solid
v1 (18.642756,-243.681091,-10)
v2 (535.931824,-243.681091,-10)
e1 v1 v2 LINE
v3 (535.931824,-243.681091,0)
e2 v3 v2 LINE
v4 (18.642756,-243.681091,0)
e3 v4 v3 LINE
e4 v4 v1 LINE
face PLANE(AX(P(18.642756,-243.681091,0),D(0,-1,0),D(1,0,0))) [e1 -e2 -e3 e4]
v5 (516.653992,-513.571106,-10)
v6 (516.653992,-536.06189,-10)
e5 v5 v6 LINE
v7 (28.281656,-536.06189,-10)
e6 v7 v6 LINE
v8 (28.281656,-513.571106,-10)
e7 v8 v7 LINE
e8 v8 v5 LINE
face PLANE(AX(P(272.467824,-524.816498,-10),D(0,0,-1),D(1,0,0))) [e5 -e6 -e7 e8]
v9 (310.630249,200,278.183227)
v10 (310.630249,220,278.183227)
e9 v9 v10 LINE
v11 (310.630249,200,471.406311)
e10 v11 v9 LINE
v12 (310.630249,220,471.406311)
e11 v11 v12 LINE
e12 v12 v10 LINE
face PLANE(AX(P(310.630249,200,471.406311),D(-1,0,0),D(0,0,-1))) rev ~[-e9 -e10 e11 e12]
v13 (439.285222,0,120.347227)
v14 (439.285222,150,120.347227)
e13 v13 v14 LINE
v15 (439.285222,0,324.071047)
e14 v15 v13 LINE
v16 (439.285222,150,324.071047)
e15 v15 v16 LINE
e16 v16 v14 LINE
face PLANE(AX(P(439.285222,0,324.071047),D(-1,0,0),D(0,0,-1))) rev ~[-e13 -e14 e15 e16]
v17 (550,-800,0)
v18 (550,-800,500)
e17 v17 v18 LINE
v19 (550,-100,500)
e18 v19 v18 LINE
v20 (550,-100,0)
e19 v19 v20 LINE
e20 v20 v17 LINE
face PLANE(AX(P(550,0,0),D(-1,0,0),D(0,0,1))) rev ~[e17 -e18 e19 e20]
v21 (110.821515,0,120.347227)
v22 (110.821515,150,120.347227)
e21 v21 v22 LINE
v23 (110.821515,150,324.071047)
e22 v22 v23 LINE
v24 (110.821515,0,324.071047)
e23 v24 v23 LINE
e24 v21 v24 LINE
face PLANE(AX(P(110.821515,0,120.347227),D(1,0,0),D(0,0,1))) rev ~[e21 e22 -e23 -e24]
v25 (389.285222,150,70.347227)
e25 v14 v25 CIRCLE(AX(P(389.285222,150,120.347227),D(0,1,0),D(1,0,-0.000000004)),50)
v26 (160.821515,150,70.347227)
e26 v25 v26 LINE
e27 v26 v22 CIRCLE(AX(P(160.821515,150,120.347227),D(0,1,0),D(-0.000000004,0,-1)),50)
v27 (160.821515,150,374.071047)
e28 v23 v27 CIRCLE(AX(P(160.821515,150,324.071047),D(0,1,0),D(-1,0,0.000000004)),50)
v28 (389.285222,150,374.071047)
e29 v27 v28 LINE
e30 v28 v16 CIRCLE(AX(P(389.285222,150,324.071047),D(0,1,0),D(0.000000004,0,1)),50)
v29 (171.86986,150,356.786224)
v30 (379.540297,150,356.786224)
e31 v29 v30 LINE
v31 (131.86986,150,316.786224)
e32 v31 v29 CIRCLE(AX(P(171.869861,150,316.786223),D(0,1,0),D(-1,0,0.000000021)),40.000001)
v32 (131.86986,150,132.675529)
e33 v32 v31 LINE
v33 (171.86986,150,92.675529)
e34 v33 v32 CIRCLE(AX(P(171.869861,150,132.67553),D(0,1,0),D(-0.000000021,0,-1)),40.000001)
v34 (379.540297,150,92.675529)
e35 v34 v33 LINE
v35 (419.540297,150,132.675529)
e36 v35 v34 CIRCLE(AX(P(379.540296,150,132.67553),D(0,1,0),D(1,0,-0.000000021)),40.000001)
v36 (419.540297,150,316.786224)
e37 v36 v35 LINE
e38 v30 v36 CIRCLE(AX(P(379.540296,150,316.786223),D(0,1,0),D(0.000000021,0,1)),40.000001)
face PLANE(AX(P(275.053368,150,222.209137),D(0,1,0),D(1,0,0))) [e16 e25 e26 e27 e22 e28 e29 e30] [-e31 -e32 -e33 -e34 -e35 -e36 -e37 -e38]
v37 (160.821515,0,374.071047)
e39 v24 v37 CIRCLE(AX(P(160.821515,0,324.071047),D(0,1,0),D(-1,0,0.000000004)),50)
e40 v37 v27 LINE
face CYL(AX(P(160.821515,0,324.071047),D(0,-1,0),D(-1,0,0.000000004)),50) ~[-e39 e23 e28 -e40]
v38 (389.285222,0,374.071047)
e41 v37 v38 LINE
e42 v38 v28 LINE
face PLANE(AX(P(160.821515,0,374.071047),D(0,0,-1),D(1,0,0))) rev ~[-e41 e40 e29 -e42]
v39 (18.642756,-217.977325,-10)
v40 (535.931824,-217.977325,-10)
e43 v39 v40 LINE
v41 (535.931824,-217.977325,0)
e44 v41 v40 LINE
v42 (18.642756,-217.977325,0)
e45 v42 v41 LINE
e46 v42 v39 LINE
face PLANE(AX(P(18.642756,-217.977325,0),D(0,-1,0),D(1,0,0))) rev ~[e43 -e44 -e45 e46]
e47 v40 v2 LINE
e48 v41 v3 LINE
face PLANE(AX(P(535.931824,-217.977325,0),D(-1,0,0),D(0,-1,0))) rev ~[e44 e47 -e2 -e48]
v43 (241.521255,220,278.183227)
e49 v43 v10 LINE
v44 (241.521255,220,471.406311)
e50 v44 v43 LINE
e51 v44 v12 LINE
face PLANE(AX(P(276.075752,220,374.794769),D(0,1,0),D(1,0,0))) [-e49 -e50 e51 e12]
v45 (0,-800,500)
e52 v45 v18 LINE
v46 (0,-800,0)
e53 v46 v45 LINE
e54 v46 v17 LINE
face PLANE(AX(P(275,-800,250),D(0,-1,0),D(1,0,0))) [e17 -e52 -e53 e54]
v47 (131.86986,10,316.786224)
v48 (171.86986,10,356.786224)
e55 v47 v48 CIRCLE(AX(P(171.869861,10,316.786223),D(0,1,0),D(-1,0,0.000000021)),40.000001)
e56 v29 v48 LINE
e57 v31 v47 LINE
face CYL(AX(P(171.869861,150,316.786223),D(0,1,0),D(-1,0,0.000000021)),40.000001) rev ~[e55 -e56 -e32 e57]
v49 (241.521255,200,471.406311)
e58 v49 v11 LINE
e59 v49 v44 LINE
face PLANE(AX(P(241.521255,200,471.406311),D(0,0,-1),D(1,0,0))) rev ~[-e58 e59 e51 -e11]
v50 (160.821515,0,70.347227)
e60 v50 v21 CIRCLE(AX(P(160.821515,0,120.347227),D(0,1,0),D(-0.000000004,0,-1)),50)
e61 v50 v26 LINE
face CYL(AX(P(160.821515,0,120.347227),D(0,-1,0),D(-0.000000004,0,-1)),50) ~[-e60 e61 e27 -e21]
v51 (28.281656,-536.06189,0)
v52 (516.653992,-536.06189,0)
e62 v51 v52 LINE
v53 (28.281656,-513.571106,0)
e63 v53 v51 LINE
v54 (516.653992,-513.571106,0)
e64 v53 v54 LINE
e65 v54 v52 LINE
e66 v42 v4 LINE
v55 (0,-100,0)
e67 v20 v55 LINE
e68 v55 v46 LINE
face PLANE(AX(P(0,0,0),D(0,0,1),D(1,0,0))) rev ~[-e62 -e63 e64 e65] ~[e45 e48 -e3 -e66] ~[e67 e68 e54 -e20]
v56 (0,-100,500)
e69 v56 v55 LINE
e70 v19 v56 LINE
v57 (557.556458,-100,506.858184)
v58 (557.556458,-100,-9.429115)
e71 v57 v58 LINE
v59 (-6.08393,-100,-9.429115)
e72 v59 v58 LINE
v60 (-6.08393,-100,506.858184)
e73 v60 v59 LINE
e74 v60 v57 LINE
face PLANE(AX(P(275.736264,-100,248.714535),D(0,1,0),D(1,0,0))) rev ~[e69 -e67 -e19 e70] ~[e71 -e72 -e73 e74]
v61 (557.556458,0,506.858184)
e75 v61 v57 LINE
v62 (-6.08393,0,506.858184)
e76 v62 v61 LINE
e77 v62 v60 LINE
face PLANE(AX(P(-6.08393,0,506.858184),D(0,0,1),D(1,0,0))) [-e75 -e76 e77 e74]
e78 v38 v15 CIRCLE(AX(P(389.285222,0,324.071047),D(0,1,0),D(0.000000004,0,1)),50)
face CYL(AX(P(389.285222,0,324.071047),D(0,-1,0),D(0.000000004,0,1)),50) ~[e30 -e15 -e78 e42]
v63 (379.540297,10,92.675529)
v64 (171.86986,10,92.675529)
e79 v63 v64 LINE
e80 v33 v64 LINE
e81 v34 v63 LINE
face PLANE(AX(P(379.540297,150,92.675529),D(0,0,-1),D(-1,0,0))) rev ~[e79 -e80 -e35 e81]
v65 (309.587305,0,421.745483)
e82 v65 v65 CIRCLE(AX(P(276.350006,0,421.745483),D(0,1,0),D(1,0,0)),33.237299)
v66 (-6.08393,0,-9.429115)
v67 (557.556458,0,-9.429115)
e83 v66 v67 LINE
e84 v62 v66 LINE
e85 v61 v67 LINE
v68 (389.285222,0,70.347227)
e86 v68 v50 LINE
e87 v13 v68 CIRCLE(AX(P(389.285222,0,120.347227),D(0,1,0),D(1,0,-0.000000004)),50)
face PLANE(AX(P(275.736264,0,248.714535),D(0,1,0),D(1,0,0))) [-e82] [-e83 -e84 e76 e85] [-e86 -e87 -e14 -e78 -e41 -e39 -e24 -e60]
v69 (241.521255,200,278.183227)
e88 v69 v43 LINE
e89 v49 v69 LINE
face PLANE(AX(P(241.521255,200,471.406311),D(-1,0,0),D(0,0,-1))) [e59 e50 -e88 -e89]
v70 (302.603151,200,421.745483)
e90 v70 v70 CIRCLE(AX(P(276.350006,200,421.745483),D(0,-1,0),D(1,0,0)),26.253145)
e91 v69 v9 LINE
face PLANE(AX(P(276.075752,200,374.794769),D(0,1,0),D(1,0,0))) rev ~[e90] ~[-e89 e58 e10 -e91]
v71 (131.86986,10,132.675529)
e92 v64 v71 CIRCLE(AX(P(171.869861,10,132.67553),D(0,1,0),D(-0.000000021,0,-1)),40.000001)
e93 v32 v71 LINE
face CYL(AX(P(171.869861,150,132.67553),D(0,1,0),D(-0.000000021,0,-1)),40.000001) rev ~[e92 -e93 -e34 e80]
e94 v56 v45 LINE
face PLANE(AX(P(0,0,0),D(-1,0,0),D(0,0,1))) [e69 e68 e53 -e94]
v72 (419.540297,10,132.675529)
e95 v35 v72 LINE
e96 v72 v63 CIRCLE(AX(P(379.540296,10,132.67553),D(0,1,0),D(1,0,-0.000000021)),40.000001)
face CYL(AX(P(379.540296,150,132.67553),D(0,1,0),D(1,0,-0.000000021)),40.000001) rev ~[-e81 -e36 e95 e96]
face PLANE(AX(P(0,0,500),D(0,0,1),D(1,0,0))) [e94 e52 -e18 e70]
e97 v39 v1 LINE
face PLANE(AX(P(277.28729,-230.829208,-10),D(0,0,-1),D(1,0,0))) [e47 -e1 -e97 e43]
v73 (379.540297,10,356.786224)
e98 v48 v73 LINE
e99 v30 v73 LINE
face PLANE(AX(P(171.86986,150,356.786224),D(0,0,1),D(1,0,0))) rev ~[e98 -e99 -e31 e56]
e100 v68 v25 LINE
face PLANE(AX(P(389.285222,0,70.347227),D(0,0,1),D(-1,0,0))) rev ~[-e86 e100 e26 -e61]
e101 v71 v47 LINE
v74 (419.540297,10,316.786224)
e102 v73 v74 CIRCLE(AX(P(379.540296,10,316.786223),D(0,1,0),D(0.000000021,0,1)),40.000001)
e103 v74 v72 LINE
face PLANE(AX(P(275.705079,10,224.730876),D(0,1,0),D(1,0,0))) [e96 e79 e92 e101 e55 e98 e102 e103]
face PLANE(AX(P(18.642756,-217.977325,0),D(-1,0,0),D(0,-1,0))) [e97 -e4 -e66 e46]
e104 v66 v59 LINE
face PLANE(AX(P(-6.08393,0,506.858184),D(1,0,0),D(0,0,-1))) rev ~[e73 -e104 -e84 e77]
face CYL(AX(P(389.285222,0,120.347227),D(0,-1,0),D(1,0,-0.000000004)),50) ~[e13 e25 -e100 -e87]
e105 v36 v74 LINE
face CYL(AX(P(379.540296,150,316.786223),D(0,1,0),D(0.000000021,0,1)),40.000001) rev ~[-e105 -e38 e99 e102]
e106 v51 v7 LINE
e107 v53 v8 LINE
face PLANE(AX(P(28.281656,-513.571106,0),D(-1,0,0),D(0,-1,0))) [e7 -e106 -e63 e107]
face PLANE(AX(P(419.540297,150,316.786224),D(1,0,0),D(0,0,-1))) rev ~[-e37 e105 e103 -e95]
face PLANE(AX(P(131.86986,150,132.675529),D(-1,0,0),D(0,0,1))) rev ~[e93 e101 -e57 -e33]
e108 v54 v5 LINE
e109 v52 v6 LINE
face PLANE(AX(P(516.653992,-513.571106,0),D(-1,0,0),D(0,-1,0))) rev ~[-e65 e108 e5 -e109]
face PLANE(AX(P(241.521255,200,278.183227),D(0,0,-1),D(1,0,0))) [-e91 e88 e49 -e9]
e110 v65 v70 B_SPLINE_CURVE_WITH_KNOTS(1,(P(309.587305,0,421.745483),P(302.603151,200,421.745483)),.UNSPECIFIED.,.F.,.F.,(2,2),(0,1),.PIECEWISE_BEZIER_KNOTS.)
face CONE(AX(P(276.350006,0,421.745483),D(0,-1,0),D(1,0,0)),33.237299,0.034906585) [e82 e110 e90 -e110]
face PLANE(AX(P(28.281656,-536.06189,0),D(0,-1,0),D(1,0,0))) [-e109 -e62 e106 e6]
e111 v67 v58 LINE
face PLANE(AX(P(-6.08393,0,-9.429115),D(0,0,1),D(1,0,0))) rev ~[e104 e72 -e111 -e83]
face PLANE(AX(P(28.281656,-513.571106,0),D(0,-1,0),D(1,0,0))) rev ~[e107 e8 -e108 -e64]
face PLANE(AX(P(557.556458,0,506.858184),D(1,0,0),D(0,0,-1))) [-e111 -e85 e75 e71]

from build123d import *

# Parameters (mm, degrees)
SKETCH_W      = 550
SKETCH_H      = 500
PAD_DEPTH     = 800
PAD001_DEPTH  = 150
POCKET_DEPTH  = 140
SKETCH003_R   = 33.237299
PAD002_DEPTH  = 200
PAD002_TAPER  = 2
SKETCH004_W   = 69.108994
SKETCH004_H   = 193.223083
PAD003_DEPTH  = 20
SKETCH005_W   = 517.289068
SKETCH005_H   = 25.703766
SKETCH005_W_2 = 488.372336
SKETCH005_H_2 = 22.490784
PAD004_DEPTH  = 10
SKETCH006_W   = 563.640388
SKETCH006_H   = 516.287299
PAD005_DEPTH  = 100


with BuildPart() as part:
    # Sketch → Pad (new body)
    with BuildSketch(Plane.XZ):
        with Locations((275, 250)):
            Rectangle(SKETCH_W, SKETCH_H)
    extrude(amount=PAD_DEPTH)

    # Sketch001 (on Face5 of Pad) → Pad001 (join)
    with BuildSketch(Plane(origin=(0, 0, 0), x_dir=(1, 0, 0), z_dir=(0, 1, 0))):
        with BuildLine():
            Line((110.821515, -120.347227), (110.821515, -324.071047))
            ThreePointArc((110.821515, -324.071047), (125.466176, -359.426386), (160.821515, -374.071047))
            Line((160.821515, -374.071047), (389.285222, -374.071047))
            ThreePointArc((389.285222, -374.071047), (424.640561, -359.426386), (439.285222, -324.071047))
            Line((439.285222, -324.071047), (439.285222, -120.347227))
            ThreePointArc((439.285222, -120.347227), (424.640561, -84.991888), (389.285222, -70.347227))
            Line((389.285222, -70.347227), (160.821515, -70.347227))
            ThreePointArc((160.821515, -70.347227), (125.466176, -84.991888), (110.821515, -120.347227))
        make_face()
    extrude(amount=PAD001_DEPTH)

    # Sketch002 (on Face15 of Pad001) → Pocket (cut)
    with BuildSketch(Plane(origin=(0, 150, 0), x_dir=(1, 0, 0), z_dir=(0, 1, 0))):
        with BuildLine():
            Line((131.86986, -132.675529), (131.86986, -316.786224))
            ThreePointArc((131.86986, -316.786224), (143.585589, -345.070495), (171.86986, -356.786224))
            Line((171.86986, -356.786224), (379.540297, -356.786224))
            ThreePointArc((379.540297, -356.786224), (407.824568, -345.070495), (419.540297, -316.786224))
            Line((419.540297, -316.786224), (419.540297, -132.675529))
            ThreePointArc((419.540297, -132.675529), (407.824568, -104.391258), (379.540297, -92.675529))
            Line((379.540297, -92.675529), (171.86986, -92.675529))
            ThreePointArc((171.86986, -92.675529), (143.585589, -104.391258), (131.86986, -132.675529))
        make_face()
    extrude(amount=-POCKET_DEPTH, mode=Mode.SUBTRACT)

    # Sketch003 (on Face4 of Pocket) → Pad002 (join)
    with BuildSketch(Plane(origin=(0, 0, 0), x_dir=(1, 0, 0), z_dir=(0, 1, 0))):
        with Locations((276.350006, -421.745483)):
            Circle(SKETCH003_R)
    extrude(amount=PAD002_DEPTH, taper=PAD002_TAPER)

    # Sketch004 (on Face17 of Pad002) → Pad003 (join)
    with BuildSketch(Plane(origin=(0, 200, 0), x_dir=(1, 0, 0), z_dir=(0, 1, 0))):
        with Locations((276.075752, -374.794769)):
            Rectangle(SKETCH004_W, SKETCH004_H)
    extrude(amount=PAD003_DEPTH)

    # Sketch005 (on Face1 of Pad003) → Pad004 (join)
    with BuildSketch(Plane(origin=(0, 0, 0), x_dir=(1, 0, 0), z_dir=(0, 0, -1))):
        with Locations((277.28729, 230.829208)):
            Rectangle(SKETCH005_W, SKETCH005_H)
        with Locations((272.467824, 524.816498)):
            Rectangle(SKETCH005_W_2, SKETCH005_H_2)
    extrude(amount=PAD004_DEPTH)

    # Sketch006 (on Face3 of Pad004) → Pad005 (join)
    with BuildSketch(Plane(origin=(0, 0, 0), x_dir=(1, 0, 0), z_dir=(0, 1, 0))):
        with Locations((275.736264, -248.714535)):
            Rectangle(SKETCH006_W, SKETCH006_H)
    extrude(amount=-PAD005_DEPTH)


solid = part.part
